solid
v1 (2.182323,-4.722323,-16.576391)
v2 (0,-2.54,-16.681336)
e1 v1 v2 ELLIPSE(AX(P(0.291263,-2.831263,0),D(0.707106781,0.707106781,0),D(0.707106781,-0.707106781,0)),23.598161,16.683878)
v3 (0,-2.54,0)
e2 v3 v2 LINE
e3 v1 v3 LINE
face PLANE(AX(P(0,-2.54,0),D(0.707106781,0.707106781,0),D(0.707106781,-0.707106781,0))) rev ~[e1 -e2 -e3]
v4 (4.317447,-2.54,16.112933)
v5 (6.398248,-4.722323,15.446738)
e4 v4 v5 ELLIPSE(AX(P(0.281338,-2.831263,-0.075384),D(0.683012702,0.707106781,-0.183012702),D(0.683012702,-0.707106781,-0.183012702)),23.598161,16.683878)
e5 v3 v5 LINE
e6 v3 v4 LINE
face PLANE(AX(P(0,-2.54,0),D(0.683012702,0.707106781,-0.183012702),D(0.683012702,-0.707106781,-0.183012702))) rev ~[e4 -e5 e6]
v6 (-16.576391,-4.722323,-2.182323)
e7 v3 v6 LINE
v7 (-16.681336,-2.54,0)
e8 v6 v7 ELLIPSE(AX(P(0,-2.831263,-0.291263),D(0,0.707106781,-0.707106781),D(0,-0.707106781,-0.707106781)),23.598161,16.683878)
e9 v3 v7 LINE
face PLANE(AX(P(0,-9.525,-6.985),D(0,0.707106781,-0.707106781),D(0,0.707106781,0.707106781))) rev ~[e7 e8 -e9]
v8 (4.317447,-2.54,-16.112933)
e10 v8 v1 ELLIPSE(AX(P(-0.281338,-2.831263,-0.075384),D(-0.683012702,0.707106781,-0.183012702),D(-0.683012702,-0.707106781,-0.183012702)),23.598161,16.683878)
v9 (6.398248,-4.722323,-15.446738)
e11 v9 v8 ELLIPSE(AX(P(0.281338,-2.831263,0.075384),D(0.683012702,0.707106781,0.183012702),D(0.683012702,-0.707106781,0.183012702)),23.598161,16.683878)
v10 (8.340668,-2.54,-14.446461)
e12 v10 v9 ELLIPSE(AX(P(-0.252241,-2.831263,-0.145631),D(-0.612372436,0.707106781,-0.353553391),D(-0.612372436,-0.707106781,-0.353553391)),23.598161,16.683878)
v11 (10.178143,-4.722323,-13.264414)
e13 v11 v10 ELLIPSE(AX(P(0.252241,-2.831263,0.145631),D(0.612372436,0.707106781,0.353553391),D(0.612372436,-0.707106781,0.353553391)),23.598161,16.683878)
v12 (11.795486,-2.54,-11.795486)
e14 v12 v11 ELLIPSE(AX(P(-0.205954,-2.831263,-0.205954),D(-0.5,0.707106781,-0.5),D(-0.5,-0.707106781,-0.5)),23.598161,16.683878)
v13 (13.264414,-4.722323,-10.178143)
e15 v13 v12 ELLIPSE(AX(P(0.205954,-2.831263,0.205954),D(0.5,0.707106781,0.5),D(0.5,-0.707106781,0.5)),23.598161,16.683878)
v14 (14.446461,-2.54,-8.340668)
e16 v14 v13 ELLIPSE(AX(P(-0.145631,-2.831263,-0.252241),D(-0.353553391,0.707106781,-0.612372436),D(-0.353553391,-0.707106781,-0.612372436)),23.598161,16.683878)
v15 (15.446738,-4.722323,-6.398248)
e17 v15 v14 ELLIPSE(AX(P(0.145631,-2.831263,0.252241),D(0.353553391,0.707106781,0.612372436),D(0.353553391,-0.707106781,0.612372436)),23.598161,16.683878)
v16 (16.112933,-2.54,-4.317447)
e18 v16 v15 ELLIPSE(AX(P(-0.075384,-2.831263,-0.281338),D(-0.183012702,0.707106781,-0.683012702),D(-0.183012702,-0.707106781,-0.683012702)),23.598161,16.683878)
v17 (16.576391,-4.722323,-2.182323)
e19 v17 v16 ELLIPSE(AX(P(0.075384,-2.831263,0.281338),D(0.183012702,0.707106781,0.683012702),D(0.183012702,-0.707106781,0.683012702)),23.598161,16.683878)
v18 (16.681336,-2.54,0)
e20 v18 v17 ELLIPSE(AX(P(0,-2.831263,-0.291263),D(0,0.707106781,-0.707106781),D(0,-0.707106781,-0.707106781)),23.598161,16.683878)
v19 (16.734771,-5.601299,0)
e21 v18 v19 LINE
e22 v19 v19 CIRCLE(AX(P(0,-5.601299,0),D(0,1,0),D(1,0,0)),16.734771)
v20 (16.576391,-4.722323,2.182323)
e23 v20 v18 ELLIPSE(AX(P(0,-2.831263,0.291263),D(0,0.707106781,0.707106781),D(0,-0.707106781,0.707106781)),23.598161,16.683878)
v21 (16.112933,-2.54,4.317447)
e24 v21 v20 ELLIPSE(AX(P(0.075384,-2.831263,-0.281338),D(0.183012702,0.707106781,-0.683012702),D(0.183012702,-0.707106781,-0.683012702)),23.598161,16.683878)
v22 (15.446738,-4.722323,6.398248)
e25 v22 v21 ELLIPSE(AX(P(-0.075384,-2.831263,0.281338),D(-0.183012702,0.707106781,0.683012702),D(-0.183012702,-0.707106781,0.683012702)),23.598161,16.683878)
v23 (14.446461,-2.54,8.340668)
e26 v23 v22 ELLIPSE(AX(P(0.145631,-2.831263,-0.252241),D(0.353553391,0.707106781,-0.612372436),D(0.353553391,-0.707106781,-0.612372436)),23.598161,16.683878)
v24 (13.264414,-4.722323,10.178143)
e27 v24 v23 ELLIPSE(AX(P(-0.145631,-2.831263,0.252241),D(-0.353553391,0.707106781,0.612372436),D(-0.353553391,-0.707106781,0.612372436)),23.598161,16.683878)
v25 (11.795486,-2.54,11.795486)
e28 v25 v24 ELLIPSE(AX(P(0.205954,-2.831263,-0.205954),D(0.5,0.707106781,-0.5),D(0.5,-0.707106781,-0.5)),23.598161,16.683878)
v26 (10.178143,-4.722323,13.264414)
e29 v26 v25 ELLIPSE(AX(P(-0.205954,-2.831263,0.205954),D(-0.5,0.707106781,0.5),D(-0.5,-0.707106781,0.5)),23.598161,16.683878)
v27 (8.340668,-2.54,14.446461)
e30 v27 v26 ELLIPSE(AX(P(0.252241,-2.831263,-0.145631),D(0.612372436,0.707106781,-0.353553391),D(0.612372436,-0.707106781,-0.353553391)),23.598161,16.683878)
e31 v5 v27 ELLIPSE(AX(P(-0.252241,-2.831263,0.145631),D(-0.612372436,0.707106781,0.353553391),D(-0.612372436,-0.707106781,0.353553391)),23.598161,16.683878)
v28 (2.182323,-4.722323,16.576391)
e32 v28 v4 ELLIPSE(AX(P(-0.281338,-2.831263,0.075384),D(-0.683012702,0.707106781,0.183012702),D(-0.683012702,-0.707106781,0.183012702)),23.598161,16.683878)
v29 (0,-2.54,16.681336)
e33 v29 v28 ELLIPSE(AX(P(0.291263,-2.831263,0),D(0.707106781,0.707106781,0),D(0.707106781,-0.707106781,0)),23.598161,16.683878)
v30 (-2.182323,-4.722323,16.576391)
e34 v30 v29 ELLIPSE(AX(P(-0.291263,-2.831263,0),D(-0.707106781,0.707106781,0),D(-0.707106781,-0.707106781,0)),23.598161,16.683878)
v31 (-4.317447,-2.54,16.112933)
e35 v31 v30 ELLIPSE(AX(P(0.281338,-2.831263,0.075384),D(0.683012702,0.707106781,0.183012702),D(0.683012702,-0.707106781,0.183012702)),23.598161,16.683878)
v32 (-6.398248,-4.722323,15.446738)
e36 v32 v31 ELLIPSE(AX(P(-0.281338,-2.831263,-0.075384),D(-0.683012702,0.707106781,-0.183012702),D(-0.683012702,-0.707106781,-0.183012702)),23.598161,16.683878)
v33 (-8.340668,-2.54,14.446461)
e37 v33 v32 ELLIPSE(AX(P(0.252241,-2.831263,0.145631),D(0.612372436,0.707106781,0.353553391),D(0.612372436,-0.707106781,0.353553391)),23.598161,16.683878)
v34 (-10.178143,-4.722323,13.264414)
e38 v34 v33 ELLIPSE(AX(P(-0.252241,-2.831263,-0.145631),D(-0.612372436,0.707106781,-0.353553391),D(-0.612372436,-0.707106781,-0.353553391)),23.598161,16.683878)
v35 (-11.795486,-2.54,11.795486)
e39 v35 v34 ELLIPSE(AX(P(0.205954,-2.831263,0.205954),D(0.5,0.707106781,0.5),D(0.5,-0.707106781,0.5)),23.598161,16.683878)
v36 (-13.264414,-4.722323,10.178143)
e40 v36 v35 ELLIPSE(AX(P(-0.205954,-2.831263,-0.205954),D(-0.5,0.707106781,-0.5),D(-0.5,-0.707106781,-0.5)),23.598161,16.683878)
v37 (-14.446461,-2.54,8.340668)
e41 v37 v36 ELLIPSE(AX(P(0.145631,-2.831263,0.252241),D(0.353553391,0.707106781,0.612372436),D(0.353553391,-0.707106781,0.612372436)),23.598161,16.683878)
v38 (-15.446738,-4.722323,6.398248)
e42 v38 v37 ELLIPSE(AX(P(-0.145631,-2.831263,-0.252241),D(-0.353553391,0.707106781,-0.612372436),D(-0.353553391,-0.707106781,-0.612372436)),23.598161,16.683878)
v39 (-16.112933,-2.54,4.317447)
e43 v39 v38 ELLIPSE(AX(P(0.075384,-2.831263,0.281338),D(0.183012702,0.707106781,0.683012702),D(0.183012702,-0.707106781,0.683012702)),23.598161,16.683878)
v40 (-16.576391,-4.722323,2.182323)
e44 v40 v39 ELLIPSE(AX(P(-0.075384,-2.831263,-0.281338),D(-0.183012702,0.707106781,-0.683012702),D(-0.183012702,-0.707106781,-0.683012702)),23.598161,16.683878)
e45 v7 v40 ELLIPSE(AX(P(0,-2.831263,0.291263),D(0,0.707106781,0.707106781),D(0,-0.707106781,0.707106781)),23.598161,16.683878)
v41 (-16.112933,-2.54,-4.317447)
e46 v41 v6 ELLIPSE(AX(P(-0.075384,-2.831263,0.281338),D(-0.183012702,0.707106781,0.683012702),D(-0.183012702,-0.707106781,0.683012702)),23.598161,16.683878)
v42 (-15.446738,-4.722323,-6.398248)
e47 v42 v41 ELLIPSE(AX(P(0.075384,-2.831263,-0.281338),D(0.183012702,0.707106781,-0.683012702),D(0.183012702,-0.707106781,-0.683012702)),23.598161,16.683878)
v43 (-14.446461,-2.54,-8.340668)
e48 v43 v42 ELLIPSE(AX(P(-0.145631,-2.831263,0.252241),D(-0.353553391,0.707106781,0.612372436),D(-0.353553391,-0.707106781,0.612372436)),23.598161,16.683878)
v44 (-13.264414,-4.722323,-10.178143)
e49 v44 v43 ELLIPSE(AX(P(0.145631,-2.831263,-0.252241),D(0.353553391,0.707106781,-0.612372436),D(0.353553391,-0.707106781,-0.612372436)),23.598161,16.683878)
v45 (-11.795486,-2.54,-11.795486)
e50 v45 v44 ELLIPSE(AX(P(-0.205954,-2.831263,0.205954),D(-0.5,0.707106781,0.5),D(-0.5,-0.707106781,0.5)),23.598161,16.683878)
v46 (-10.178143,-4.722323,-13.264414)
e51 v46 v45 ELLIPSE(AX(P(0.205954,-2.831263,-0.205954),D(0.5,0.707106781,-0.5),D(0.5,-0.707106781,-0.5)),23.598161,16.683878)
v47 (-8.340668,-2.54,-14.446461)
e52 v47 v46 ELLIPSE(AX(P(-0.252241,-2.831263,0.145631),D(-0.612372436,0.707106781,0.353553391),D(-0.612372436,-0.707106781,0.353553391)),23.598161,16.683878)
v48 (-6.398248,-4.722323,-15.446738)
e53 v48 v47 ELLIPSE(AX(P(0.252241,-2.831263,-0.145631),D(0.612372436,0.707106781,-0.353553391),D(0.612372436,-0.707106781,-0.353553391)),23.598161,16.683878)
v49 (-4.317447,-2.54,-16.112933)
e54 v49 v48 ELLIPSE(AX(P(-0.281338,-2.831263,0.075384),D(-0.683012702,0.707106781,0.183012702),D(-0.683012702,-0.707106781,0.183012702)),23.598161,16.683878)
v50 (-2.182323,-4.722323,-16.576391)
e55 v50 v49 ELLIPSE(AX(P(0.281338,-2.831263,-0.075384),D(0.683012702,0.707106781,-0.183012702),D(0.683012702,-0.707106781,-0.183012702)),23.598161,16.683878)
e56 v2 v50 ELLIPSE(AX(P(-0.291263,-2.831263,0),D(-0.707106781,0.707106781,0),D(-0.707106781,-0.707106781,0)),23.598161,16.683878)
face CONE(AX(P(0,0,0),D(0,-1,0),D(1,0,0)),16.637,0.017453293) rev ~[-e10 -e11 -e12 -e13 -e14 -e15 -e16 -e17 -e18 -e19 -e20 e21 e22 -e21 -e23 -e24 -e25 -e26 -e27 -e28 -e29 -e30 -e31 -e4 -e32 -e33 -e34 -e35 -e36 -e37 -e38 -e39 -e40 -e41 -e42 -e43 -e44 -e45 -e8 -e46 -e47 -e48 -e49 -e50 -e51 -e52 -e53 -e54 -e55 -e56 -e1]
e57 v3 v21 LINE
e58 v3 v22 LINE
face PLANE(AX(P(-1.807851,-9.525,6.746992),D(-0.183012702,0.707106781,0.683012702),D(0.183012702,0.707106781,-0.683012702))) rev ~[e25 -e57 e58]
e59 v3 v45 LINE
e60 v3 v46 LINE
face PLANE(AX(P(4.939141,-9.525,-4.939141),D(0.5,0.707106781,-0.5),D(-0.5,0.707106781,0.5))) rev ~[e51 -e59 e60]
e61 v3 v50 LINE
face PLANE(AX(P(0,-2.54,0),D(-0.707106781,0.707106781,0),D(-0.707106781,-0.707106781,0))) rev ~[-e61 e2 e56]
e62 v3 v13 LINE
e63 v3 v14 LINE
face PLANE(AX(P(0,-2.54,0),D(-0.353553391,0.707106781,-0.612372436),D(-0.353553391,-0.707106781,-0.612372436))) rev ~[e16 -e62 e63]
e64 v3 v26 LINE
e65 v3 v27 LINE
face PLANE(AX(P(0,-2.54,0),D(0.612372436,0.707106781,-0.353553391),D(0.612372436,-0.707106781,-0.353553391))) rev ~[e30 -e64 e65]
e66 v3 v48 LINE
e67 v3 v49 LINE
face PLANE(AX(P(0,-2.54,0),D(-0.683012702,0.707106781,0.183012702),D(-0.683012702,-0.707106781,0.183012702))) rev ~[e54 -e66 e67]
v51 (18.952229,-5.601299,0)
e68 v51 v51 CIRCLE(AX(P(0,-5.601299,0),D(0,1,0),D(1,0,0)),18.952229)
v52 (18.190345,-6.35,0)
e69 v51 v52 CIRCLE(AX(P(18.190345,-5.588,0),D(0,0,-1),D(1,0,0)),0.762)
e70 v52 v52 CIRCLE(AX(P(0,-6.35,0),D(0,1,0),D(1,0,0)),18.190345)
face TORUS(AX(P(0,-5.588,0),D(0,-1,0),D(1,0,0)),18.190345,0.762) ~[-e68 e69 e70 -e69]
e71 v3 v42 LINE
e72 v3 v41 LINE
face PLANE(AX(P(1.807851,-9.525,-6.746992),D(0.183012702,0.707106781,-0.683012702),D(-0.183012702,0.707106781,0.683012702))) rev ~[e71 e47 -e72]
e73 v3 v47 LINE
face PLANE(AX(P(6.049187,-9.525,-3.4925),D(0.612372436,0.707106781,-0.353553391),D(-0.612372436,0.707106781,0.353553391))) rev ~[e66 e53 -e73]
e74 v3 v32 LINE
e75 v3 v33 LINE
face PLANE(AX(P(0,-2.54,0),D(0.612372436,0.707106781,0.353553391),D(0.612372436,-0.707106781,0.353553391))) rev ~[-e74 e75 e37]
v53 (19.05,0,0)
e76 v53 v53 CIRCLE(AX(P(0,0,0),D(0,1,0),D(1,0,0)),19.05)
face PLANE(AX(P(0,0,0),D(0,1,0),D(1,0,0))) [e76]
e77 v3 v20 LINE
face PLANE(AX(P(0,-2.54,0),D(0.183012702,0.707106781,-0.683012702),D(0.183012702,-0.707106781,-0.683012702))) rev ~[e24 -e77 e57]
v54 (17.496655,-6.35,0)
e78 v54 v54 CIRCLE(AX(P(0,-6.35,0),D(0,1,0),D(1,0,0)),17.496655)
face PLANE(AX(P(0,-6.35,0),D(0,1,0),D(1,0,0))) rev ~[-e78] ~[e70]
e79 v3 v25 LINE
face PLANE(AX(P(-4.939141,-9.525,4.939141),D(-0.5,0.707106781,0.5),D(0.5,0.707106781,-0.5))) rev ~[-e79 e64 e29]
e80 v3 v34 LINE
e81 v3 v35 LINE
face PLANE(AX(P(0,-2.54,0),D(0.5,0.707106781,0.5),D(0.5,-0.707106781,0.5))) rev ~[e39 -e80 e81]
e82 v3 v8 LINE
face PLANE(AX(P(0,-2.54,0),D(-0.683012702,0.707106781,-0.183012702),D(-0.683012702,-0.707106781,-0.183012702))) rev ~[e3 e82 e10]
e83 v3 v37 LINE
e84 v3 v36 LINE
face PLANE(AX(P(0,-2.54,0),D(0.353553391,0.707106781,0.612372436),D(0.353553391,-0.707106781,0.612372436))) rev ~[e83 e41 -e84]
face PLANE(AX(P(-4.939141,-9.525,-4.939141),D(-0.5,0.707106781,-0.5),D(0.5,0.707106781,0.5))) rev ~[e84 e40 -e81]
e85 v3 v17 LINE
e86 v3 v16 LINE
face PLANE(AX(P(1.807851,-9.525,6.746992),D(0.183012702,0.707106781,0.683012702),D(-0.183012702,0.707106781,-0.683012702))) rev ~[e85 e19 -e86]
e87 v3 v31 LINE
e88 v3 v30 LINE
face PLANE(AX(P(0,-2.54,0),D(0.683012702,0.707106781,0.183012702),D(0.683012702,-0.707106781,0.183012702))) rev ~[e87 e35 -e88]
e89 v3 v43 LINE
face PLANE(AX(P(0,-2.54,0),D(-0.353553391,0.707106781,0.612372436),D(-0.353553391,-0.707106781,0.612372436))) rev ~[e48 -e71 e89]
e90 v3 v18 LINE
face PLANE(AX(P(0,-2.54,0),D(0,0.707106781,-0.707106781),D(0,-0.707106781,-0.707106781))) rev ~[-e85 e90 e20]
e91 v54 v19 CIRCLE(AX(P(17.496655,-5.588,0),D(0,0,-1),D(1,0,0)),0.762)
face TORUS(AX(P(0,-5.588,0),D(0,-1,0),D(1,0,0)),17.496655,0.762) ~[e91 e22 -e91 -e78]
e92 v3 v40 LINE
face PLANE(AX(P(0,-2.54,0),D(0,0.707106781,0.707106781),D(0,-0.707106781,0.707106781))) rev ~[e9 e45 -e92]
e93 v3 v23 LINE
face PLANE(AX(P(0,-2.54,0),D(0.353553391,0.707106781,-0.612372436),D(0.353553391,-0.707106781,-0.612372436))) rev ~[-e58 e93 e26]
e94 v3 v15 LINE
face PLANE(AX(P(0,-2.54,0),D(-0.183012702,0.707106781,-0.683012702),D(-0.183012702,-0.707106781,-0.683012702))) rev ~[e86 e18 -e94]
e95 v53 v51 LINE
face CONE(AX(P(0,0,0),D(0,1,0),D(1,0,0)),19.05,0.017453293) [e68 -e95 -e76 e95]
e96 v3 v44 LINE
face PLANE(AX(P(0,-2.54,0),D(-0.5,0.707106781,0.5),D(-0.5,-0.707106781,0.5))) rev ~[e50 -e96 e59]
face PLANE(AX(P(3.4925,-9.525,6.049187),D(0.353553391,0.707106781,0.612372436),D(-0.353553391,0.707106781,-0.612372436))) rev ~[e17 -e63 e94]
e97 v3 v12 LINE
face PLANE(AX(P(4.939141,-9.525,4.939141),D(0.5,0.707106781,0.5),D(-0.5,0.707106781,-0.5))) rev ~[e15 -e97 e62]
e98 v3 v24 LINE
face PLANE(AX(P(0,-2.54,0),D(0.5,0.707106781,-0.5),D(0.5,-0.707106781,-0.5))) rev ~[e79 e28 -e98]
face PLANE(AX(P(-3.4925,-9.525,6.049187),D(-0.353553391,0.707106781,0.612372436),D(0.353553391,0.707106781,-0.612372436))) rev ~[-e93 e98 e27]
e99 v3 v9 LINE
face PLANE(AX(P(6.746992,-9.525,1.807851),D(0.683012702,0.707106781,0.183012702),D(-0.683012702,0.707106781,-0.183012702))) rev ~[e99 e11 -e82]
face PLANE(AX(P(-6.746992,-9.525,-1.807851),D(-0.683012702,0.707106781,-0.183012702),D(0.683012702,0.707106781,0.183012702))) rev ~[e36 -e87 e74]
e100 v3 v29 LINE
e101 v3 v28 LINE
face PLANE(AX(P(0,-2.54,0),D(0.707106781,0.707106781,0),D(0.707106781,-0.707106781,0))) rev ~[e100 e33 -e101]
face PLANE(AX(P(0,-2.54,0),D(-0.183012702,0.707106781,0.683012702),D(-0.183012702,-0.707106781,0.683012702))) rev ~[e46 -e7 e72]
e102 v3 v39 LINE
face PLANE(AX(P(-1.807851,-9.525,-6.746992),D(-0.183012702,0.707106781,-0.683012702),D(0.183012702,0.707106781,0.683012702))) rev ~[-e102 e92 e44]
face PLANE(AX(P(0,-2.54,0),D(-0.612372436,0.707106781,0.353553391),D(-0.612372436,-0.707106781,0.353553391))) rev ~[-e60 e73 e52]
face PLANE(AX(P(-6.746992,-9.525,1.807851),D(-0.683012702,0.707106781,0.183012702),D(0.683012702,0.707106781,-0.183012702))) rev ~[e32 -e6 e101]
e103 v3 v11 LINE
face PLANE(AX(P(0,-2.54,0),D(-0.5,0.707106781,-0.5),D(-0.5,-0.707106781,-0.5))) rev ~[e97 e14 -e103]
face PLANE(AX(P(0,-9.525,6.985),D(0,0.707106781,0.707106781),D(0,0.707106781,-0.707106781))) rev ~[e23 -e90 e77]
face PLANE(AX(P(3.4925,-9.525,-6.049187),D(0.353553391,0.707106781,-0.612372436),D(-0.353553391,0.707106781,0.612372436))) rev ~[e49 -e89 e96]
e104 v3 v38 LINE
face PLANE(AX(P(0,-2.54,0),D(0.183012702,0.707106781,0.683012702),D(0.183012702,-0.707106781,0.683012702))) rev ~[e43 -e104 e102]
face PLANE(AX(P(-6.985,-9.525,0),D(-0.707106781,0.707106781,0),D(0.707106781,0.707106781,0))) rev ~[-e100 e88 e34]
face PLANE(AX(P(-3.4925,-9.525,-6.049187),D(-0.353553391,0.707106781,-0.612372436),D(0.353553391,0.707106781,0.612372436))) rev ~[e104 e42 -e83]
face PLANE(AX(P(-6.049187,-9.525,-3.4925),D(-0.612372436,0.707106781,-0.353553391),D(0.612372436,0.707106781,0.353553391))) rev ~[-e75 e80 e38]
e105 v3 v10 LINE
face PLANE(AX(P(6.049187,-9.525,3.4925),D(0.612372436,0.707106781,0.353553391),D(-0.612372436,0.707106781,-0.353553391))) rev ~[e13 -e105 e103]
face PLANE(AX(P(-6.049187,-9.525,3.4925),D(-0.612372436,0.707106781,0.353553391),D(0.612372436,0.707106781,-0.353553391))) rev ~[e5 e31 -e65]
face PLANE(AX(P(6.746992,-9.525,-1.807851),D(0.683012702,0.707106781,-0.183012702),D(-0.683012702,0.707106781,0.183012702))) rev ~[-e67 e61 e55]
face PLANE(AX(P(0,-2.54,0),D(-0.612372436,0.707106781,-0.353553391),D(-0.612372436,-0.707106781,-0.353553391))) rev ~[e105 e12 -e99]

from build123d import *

# Parameters (mm, degrees)
SKETCH1_R           = 19.05
BOSS_EXTRUDE1_DEPTH = 6.35
BOSS_EXTRUDE1_DRAFT = -1
CUT_EXTRUDE3_DEPTH  = 20.05
CIRPATTERN3_COUNT   = 24
SKETCH7_R           = 19.05
SKETCH7_R_2         = 16.637
BOSS_EXTRUDE3_DEPTH = 6.35
BOSS_EXTRUDE3_DRAFT = -1
FILLET2_R           = 0.762


with BuildPart() as part:
    # Sketch1 → Boss-Extrude1 (with draft: the straight prism first)
    with BuildSketch(Plane(origin=(0, 0, 0), x_dir=(1, 0, 0), z_dir=(0, 1, 0))):
        Circle(SKETCH1_R)
    extrude(amount=-BOSS_EXTRUDE1_DEPTH)
    # Boss-Extrude1: the draft: its side faces are tilted about the plane it starts from
    boss_extrude1_sides = [part.faces().sort_by_distance(p)[0] for p in [
        (-19.05, -3.175, 0),
    ]]
    draft(boss_extrude1_sides, Plane(origin=(0, 0, 0), x_dir=(1, 0, 0), z_dir=(0, 1, 0)), BOSS_EXTRUDE1_DRAFT)

    # Sketch6 → Cut-Extrude3 (cut, through all)
    with BuildSketch(Plane.XY):
        Polygon((0, -2.54), (-6.985, -9.525), (6.985, -9.525), align=None)
    cut_extrude3 = extrude(amount=-CUT_EXTRUDE3_DEPTH, mode=Mode.SUBTRACT)

    # CirPattern3: Cut-Extrude3 ×24 about axis
    cirpattern3_axis = Axis((0, 0, 0), (0, 1, 0))
    for i in range(1, CIRPATTERN3_COUNT):
        add(cut_extrude3.rotate(cirpattern3_axis, i * 360 / CIRPATTERN3_COUNT), mode=Mode.SUBTRACT)


with BuildPart() as boss_extrude3_tool:
    # Sketch7 → Boss-Extrude3 (with draft: the straight prism first)
    with BuildSketch(Plane(origin=(0, 0, 0), x_dir=(1, 0, 0), z_dir=(0, 1, 0))):
        Circle(SKETCH7_R)
        Circle(SKETCH7_R_2, mode=Mode.SUBTRACT)
    extrude(amount=-BOSS_EXTRUDE3_DEPTH)
    # Boss-Extrude3: the draft: its side faces are tilted about the plane it starts from
    boss_extrude3_sides = [boss_extrude3_tool.faces().sort_by_distance(p)[0] for p in [
        (-19.05, -3.175, 0),
        (-16.637, -3.175, 0),
    ]]
    draft(boss_extrude3_sides, Plane(origin=(0, 0, 0), x_dir=(1, 0, 0), z_dir=(0, 1, 0)), BOSS_EXTRUDE3_DRAFT)


with BuildPart() as part_1:
    add(part.part)

    # Boss-Extrude3: add boss_extrude3_tool
    add(boss_extrude3_tool.part)

    # Fillet2
    fillet2_edges = [part_1.edges().sort_by_distance(p)[0] for p in [
        (-18.939160338, -6.35, 0),
        (-16.747839662, -6.35, 0),
    ]]
    fillet(fillet2_edges, radius=FILLET2_R)


solid = part_1.part
